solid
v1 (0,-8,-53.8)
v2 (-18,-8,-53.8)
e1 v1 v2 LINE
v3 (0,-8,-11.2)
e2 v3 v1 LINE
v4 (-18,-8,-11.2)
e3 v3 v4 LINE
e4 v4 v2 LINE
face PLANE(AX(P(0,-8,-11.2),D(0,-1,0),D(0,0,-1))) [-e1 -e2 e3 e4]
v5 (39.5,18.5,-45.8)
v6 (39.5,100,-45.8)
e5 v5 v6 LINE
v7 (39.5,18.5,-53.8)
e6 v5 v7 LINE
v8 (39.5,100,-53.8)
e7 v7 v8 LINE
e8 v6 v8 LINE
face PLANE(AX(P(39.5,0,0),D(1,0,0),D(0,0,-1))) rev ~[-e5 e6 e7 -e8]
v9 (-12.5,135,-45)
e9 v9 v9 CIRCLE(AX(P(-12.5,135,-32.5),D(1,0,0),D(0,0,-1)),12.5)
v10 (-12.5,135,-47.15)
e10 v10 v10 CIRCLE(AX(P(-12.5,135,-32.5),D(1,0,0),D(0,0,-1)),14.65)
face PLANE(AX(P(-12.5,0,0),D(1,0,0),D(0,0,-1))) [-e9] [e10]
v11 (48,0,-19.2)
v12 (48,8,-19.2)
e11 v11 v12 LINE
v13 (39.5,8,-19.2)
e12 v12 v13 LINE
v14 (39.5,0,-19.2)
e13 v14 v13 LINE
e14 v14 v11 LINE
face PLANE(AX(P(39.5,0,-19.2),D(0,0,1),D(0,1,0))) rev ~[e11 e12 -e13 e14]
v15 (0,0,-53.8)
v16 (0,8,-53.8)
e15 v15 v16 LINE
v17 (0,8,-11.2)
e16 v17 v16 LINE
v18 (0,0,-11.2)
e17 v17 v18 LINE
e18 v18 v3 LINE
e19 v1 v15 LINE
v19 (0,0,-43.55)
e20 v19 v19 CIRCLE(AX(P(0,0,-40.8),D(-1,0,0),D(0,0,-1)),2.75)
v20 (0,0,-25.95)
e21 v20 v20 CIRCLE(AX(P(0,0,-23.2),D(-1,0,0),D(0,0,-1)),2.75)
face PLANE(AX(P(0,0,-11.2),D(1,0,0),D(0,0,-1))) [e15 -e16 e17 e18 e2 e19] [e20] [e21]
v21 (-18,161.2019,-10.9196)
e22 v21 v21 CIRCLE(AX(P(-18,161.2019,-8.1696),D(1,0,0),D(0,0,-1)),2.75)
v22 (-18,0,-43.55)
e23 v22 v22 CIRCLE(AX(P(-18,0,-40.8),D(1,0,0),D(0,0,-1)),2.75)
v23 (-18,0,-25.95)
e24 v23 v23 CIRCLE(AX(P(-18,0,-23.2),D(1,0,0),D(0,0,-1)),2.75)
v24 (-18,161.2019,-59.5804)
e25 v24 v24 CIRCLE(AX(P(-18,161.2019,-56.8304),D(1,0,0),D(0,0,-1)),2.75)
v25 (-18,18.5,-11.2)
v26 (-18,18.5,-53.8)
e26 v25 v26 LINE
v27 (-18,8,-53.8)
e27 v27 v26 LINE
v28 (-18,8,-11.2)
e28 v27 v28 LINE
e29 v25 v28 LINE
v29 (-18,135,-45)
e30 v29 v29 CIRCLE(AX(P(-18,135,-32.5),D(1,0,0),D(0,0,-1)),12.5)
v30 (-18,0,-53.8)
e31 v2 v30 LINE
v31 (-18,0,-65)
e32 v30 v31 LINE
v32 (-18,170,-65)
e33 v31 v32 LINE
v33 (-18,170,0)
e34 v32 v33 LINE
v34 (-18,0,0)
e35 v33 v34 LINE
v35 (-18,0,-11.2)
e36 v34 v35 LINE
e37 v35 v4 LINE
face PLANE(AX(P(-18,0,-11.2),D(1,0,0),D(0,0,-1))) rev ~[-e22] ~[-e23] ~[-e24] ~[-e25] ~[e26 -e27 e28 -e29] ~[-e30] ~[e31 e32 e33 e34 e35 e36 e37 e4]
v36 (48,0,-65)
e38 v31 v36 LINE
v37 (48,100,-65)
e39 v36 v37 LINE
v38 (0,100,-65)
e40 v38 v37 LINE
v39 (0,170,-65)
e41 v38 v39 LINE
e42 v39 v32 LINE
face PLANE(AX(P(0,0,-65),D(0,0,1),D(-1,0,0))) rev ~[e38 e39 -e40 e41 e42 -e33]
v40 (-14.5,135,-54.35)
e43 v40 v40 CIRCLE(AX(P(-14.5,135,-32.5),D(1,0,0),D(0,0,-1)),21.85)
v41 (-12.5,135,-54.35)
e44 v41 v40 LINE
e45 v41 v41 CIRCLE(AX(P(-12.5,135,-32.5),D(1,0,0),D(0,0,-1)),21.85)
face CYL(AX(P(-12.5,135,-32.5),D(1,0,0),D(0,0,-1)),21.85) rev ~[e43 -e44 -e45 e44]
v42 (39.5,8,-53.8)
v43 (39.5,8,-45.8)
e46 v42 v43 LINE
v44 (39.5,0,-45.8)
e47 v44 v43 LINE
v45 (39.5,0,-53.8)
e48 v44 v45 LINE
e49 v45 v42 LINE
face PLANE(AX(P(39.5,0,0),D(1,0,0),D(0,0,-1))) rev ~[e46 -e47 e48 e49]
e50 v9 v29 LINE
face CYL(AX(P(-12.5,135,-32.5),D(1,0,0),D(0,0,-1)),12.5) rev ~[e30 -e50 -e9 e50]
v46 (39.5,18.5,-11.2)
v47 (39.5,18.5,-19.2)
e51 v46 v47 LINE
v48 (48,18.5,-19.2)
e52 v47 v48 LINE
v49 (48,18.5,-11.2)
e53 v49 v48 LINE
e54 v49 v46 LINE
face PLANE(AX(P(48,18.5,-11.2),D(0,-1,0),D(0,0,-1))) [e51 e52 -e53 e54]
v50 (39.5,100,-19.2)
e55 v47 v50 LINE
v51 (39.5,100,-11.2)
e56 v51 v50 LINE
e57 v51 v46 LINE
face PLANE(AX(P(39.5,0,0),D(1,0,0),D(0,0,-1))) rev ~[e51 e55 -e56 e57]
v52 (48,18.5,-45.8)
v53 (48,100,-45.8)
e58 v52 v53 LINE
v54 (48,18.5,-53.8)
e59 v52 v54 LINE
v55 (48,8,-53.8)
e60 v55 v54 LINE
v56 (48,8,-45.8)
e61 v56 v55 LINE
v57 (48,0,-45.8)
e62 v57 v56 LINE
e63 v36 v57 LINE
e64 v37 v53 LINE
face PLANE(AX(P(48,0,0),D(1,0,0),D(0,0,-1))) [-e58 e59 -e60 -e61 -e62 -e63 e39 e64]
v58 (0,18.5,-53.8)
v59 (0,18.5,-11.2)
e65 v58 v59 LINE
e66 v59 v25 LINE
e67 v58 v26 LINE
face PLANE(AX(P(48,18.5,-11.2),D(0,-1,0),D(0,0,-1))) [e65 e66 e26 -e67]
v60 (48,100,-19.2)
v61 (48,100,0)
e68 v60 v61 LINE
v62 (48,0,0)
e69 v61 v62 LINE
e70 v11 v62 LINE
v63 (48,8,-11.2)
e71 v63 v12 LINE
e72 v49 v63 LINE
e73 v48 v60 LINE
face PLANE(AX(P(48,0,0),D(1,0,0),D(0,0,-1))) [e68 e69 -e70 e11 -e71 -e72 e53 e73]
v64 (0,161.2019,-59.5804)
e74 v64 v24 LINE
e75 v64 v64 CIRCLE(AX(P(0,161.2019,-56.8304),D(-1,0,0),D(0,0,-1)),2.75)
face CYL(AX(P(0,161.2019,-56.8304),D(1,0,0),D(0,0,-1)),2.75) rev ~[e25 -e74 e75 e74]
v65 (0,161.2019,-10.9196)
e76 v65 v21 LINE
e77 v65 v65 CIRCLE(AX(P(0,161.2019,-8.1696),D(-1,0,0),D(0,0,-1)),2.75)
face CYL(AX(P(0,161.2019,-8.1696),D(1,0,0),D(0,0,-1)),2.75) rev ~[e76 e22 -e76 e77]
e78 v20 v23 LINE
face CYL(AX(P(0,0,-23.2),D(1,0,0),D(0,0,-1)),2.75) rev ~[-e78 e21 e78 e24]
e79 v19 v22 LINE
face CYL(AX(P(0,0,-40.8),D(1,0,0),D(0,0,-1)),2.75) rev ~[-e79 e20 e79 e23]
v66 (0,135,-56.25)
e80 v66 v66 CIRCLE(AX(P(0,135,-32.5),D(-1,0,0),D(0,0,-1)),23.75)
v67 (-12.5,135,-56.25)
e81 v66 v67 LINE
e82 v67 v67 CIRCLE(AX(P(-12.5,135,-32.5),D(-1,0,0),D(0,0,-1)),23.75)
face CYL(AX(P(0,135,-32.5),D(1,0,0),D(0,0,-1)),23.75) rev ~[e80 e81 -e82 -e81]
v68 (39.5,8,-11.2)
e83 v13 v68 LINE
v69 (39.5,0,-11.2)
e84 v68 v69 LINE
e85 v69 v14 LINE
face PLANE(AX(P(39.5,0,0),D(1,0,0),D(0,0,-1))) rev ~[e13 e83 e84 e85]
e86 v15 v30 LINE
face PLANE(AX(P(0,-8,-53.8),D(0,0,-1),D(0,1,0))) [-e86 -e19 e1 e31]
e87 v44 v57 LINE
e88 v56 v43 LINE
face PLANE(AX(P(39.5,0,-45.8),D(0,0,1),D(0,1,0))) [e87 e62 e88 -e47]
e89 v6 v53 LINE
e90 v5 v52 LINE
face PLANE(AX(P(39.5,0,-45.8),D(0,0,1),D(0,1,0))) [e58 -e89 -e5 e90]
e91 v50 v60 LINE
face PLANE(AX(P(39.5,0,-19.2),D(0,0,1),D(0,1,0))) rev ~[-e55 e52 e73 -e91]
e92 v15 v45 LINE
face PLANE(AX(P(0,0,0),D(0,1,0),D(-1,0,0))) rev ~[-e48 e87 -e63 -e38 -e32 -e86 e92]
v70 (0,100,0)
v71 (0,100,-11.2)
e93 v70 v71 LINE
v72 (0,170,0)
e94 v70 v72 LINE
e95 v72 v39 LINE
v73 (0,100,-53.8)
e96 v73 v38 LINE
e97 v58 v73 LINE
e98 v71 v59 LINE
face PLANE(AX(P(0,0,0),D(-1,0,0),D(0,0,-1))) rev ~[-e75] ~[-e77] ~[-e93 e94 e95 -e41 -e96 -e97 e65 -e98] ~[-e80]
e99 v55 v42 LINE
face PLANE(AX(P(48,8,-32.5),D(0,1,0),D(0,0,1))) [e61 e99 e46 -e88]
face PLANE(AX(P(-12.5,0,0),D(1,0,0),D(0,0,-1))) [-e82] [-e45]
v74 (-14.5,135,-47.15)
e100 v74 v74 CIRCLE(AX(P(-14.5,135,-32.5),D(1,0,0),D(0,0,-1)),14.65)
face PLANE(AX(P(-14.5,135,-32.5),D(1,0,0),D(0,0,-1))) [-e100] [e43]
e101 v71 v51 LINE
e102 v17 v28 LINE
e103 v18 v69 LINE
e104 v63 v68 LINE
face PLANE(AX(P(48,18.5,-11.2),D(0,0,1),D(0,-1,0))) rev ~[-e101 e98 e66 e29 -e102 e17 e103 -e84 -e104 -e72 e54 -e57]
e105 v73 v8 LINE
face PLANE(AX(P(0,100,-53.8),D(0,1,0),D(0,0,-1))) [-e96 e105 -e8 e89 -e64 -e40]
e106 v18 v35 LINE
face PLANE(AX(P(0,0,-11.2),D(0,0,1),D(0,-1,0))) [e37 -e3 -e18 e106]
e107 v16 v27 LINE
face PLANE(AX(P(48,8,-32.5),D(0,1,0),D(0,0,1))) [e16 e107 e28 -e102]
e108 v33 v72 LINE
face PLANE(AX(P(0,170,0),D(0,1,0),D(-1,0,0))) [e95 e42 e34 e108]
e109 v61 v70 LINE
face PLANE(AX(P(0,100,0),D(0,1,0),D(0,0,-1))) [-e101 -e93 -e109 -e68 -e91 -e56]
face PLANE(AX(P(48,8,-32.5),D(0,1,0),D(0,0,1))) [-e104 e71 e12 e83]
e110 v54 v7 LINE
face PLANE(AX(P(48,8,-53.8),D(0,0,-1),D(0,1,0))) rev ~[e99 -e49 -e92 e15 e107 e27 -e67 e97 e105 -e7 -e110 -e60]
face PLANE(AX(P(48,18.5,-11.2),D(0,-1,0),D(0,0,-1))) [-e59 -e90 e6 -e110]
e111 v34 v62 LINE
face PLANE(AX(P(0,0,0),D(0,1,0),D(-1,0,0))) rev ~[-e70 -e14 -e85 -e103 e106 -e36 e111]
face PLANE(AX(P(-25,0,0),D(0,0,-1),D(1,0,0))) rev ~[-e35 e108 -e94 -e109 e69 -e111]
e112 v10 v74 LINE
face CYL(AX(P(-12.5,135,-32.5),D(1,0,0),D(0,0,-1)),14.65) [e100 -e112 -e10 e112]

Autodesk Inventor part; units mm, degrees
ref_plane "YZ Plane" through (0, 0, 0) normal (1, 0, 0) x (0, 1, 0)
ref_plane "XZ Plane" through (0, 0, 0) normal (0, 1, 0) x (-1, 0, 0)
ref_plane "XY Plane" through (0, 0, 0) normal (0, 0, 1) x (1, 0, 0)
sketch "Sketch3" plane through (0, 0, 0) normal (0, 1, 0) x (-1, 0, 0)
  line L0 (0, 0) -> (0, -65)
  line L1 (0, -65) -> (25, -65)
  line L2 (25, -65) -> (25, 0)
  line L3 (25, 0) -> (0, 0)
  dimension "d8" = 65
  dimension "d9" = 25
  dimension "d10" = 65
extrude "Extrusion2" add sketch "Sketch3" along normal blind 170
sketch "Sketch4" plane through (0, 0, 0) normal (1, 0, 0) x (0, 0, -1)
  line L0 (65, 170) -> (0, 170) projected
  line L1 (0, 170) -> (32.5, 170)
  line L2 (65, 0) -> (65, 170) projected
  line L3 (32.5, 170) -> (32.5, 135)
  circle A0 centre (32.5, 135) radius 23.75
  point P0 (0, 0)
  dimension "d13" = 32.5
  dimension "d15" = 35
  dimension "d16" = 47.5
extrude "Extrusion3" cut sketch "Sketch4" against normal blind 12.5
sketch "Sketch6" plane through (0, 0, 0) normal (1, 0, 0) x (0, 0, -1)
  line L0 (65, 0) -> (0, 0) projected
  line L1 (0, 0) -> (32.5, 0)
  line L2 (32.5, 0) -> (11.2, 0)
  line L3 (11.2, 0) -> (53.8, 0)
  line L4 (53.8, 0) -> (53.8, 100)
  line L5 (53.8, 100) -> (65, 100)
  line L6 (65, 0) -> (65, 170) projected
  line L7 (65, 0) -> (53.8, 0)
  line L8 (11.2, 0) -> (0, 0)
  line L9 (0, 0) -> (0, 170) projected
  line L10 (0, 100) -> (11.2, 100)
  line L11 (11.2, 100) -> (11.2, 0)
  dimension "d23" = 21.3
  dimension "d24" = 42.6
  dimension "d25" = 100
extrude "Extrusion4" add sketch "Sketch6" along normal blind 39.5
sketch "Sketch7" plane through (39.5, 0, 0) normal (1, 0, 0) x (0, 0, -1)
  line L0 (65, 0) -> (0, 0) projected
  line L1 (53.8, 0) -> (53.8, 100) projected
  line L2 (65, 0) -> (53.8, 0)
  line L3 (53.8, 0) -> (45.8, 0)
  line L4 (45.8, 0) -> (45.8, 100)
  line L5 (53.8, 100) -> (65, 100) projected
  line L6 (45.8, 100) -> (65, 100)
  line L7 (65, 0) -> (65, 170) projected
  line L8 (65, 100) -> (65, 0)
  line L9 (11.2, 100) -> (11.2, 0) projected
  line L10 (11.2, 0) -> (19.2, 0)
  line L11 (19.2, 0) -> (19.2, 100)
  line L12 (0, 100) -> (11.2, 100) projected
  line L13 (19.2, 100) -> (0, 100)
  line L14 (0, 100) -> (0, 0)
  dimension "d28" = 8
  dimension "d29" = 8
extrude "Extrusion5" add sketch "Sketch7" along normal blind 8.5
sketch "Sketch8" plane through (48, 0, 0) normal (1, 0, 0) x (0, 0, -1)
  circle A0 centre (32.5, 135) radius 23.75 projected
  circle A1 centre (32.5, 135) radius 76.5
  line L0 (65, 0) -> (0, 0) projected
  line L1 (32.5, 0) -> (32.5, 58.5)
  line L2 (32.5, 58.5) -> (32.5, 57.9046)
  line L3 (32.5, 58.5) -> (32.5, 40.5)
  circle A2 centre (32.5, 49.5) radius 9
  line L4 (32.5, 49.5) -> (32.5, 28.5)
  line L5 (32.5, 28.5) -> (53.5, 28.5)
  line L6 (53.8, 0) -> (53.8, 100) projected
  line L7 (53.5, 28.5) -> (53.5, 70.5)
  line L8 (53.5, 70.5) -> (11.5, 70.5)
  line L9 (11.2, 100) -> (11.2, 0) projected
  line L10 (11.5, 70.5) -> (11.5, 28.5)
  line L11 (11.5, 28.5) -> (32.5, 28.5)
  line L12 (32.5, 28.5) -> (32.5, 16.4931)
  line L13 (32.5, 28.5) -> (32.5, 18.5)
  line L14 (32.5, 18.5) -> (55.5, 18.5)
  line L15 (55.5, 18.5) -> (55.5, 8)
  line L16 (55.5, 8) -> (9.5, 8)
  line L17 (9.5, 8) -> (9.5, 18.5)
  line L18 (9.5, 18.5) -> (32.5, 18.5)
  point P0 (11.2, 18.5)
  point P1 (11.2, 8)
  point P2 (53.8, 8)
  point P3 (53.8, 18.5)
  dimension "d32" = 153
  dimension "d33" = 18
  dimension "d34" = 21
  dimension "d38" = 42
  dimension "d39" = 42
  dimension "d42" = 42
  dimension "d43" = 10
  dimension "d44" = 23
  dimension "d45" = 10.5
  dimension "d46" = 46
  dimension "d47" = 10.5
extrude "Extrusion6" cut sketch "Sketch8" against normal through all contours L18 L1 L16 L9 | L6 L16 L1 L14
sketch "Sketch9" plane through (-12.5, 135, -32.5) normal (1, 0, 0) x (0, 0, -1)
  circle A0 centre (0, 0) radius 12.5
  point P0 (-32.5, -135)
  dimension "d50" = 25
extrude "Extrusion7" cut sketch "Sketch9" against normal through all
sketch "Sketch10" plane through (-25, 0, -65) normal (-1, 0, 0) x (0, 0, 1)
  line L0 (65, 0) -> (45.8, 0) projected
  line L1 (65, 0) -> (0, 0)
  line L2 (0, 0) -> (0, 170)
  line L3 (0, 170) -> (65, 170)
  line L4 (65, 170) -> (65, 0)
extrude "Extrusion8" cut sketch "Sketch10" against normal blind 7
sketch "Sketch11" plane through (48, 0, 0) normal (1, 0, 0) x (0, 0, -1)
  circle A0 centre (32.5, 135) radius 12.5 projected
  line L0 (32.5, 135) -> (32.5, 18.5)
  line L1 (11.2, 18.5) -> (53.8, 18.5) projected
  point P0 (0, 0)
sketch "Sketch12" plane through (-12.5, 135, -32.5) normal (1, 0, 0) x (0, 0, -1)
  circle A0 centre (0, 0) radius 12.5 projected
  circle A1 centre (0, 0) radius 14.65
  circle A2 centre (0, 0) radius 21.85
  point P0 (-32.5, -135)
  dimension "d55" = 29.3
  dimension "d56" = 43.7
extrude "Extrusion9" cut sketch "Sketch12" against normal blind 2 contours A2
sketch "Sketch13" plane through (0, 170, 0) normal (1, 0, 0) x (0, 0, -1)
  line L0 (65, -170) -> (65, 0) projected
  circle A0 centre (32.5, -35) radius 21.85 projected
  line L1 (0, 0) -> (0, -170) projected
  circle A1 centre (32.5, -35) radius 14.65 projected
  circle A2 centre (32.5, -35) radius 23.75
  line L2 (65, 0) -> (48.6607, -17.5962)
  line L3 (16.3393, -17.5962) -> (0, 0)
  circle A3 centre (56.8304, -8.7981) radius 2.75
  circle A4 centre (8.1696, -8.7981) radius 2.75
  dimension "d59" = 5.5
  dimension "d60" = 5.5
extrude "Extrusion10" cut sketch "Sketch13" against normal through all contours A4 L3 | L3 A4 | A3 L2 | L2 A3
sketch "Sketch14" plane through (0, 0, -11.2) normal (1, 0, 0) x (0, 0, -1)
  line L0 (0, 0) -> (42.6, 0) projected
  point P0 (-11.2, 0)
sketch "Sketch15" plane through (0, 0, -11.2) normal (1, 0, 0) x (0, 0, -1)
  line L0 (0, 0) -> (0, 8) projected
  line L1 (0, 0) -> (0, -8)
  line L2 (0, -8) -> (42.6, -8)
  line L3 (34.6, 0) -> (42.6, 0) projected
  line L4 (42.6, -8) -> (42.6, 0)
  line L5 (42.6, 0) -> (0, 0)
  point P0 (-11.2, 0)
  dimension "d63" = 8
extrude "Extrusion11" add sketch "Sketch15" against normal blind 18
sketch "Sketch16" plane through (0, 8, -11.2) normal (1, 0, 0) x (0, 0, -1)
  line L0 (0, -8) -> (8, -8) projected
  line L1 (8, -8) -> (12, -8)
  line L2 (42.6, -16) -> (0, -16) projected
  line L3 (34.6, 0) -> (34.6, -8) projected
  line L4 (12, -8) -> (34.6, -8)
  line L5 (34.6, -8) -> (29.6, -8)
  circle A0 centre (29.6, -8) radius 2.75
  circle A1 centre (12, -8) radius 2.75
  point P0 (-11.2, -8)
  dimension "d66" = 4
  dimension "d67" = 5
  dimension "d68" = 5.5
  dimension "d69" = 5.5
extrude "Extrusion12" cut sketch "Sketch16" against normal through all
sketch "Sketch17" plane through (0, 170, 0) normal (1, 0, 0) x (0, 0, -1)
  point P0 (0, -170)
sketch "Sketch18" plane through (-18, 0, -65) normal (-1, 0, 0) x (0, 0, 1)
  point P0 (65, 0)
sketch "Sketch19" plane through (-18, 0, -65) normal (-1, 0, 0) x (0, 0, 1)
  point P0 (65, 0)
properties part number "base"
